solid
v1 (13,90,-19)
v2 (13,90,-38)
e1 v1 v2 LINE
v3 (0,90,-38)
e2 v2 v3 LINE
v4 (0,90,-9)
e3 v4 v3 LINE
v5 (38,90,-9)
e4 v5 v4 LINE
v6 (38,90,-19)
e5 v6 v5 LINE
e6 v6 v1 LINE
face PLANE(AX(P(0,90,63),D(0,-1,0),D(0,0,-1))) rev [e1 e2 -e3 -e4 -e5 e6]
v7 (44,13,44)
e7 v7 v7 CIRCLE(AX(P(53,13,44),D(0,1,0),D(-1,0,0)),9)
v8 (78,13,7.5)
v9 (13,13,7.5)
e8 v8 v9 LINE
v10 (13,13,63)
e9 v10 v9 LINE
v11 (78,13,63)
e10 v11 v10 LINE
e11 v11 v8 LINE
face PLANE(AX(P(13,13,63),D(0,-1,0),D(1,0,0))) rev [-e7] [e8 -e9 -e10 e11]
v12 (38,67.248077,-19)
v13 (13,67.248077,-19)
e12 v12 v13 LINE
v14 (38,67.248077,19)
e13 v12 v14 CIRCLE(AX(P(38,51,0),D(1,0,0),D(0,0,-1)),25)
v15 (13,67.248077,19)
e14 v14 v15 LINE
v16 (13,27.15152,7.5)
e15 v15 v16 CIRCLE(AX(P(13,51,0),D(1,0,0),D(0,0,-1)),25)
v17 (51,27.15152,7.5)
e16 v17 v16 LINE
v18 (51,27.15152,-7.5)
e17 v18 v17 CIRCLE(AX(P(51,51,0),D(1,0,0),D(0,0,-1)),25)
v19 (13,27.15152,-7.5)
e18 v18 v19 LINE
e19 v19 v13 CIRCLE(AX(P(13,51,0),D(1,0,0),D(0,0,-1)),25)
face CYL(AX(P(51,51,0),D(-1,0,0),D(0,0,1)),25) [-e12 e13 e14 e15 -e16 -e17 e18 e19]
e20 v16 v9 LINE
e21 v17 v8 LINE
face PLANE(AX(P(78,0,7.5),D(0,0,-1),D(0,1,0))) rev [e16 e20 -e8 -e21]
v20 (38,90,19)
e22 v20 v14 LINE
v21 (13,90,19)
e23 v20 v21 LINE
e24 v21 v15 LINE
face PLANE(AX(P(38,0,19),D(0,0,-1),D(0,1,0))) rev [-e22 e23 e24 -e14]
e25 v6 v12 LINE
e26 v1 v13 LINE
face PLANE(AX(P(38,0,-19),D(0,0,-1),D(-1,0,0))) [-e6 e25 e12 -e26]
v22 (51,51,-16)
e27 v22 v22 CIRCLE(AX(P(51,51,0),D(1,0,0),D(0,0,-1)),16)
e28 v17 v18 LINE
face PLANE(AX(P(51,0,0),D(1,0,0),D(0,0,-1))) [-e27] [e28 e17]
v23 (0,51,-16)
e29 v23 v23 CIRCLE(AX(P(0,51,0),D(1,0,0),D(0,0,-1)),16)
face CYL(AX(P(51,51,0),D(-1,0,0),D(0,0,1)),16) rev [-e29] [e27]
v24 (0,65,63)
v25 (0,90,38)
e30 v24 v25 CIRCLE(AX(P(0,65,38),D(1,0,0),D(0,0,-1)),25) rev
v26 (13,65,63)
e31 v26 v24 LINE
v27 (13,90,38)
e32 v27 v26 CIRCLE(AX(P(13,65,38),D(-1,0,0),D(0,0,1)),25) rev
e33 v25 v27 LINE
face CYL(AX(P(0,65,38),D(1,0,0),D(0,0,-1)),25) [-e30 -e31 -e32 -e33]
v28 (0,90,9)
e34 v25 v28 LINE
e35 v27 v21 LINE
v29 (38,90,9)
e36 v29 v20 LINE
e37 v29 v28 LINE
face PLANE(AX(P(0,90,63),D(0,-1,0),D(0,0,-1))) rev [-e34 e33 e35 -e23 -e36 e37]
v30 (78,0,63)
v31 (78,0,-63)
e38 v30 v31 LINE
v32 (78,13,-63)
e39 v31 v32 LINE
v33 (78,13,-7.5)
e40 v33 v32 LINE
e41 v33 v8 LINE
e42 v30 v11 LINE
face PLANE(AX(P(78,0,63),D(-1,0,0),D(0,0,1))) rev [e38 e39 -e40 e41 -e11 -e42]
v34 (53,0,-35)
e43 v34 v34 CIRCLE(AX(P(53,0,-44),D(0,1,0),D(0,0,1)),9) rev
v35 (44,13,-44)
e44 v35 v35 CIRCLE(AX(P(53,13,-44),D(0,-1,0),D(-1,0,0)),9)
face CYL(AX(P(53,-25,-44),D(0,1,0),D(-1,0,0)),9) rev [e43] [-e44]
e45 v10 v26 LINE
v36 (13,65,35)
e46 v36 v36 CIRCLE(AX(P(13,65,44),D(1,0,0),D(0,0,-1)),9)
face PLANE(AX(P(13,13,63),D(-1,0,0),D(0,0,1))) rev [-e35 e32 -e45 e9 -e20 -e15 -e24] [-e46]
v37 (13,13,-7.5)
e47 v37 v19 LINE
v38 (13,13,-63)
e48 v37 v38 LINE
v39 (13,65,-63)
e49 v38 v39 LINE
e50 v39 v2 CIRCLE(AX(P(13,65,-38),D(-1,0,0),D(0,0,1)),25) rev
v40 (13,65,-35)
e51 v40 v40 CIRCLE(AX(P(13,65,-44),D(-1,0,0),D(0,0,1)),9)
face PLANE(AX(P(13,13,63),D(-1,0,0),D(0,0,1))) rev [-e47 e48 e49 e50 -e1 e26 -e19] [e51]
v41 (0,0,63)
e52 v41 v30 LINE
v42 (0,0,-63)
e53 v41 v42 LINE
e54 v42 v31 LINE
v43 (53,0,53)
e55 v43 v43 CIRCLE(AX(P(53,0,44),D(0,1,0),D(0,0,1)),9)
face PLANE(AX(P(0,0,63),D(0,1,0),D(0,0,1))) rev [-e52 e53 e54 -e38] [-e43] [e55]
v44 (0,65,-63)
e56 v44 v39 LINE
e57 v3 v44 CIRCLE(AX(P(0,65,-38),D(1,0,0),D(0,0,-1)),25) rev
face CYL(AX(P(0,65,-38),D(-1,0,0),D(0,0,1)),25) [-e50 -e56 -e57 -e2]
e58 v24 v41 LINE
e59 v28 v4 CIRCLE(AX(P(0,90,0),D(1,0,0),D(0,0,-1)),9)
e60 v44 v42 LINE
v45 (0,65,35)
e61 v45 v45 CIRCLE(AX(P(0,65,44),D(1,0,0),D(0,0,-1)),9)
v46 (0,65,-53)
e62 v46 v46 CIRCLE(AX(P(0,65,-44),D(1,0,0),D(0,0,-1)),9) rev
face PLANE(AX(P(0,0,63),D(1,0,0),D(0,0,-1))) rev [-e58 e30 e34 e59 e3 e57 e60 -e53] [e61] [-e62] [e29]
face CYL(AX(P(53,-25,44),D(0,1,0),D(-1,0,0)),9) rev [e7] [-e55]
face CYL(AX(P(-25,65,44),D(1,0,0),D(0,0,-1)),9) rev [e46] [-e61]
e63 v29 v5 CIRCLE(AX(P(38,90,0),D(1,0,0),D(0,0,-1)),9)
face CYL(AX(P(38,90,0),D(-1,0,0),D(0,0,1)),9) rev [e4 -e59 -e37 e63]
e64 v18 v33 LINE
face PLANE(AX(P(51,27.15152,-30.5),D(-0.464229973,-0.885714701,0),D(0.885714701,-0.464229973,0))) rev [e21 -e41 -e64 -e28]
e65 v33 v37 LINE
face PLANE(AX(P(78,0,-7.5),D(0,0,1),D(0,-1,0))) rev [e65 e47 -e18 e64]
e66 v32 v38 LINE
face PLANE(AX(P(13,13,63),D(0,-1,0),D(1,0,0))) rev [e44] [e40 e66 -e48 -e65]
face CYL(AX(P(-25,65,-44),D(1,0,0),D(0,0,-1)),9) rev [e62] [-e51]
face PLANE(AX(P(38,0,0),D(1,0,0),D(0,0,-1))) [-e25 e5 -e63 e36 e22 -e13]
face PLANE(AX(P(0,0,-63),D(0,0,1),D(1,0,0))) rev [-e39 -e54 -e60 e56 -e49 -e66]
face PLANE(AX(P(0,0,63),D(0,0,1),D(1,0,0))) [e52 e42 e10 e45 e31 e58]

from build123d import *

# Parameters (mm, degrees)
BOSS_EXTRUDE1_DEPTH = 63
SKETCH2_R           = 16
BOSS_EXTRUDE2_DEPTH = 38
BOSS_EXTRUDE3_DEPTH = 25
CUT_EXTRUDE1_START  = -38
CUT_EXTRUDE1_DEPTH  = 38
CUT_EXTRUDE2_START  = -38
SKETCH2_5_R         = 16
CUT_EXTRUDE2_DEPTH  = 38
BOSS_EXTRUDE4_DEPTH = 65
SKETCH5_R           = 9
CUT_EXTRUDE4_DEPTH  = 38
SKETCH6_R           = 9
CUT_EXTRUDE5_DEPTH  = 38
FILLET1_R           = 25
CUT_EXTRUDE6_DEPTH  = 38


with BuildPart() as part:
    # Sketch1 → Boss-Extrude1 (new, symmetric)
    with BuildSketch(Plane.XY):
        Polygon((0, 0), (0, 90), (13, 90), (13, 13), (78, 13), (78, 0), align=None)
    extrude(amount=BOSS_EXTRUDE1_DEPTH, both=True)

    # Sketch2 → Boss-Extrude2 (add)
    with BuildSketch(Plane(origin=(13, 0, 0), x_dir=(0, 0, -1), z_dir=(1, 0, 0))):
        with BuildLine():
            ThreePointArc((19, 67.248076809), (0, 76), (-19, 67.248076809))
            ThreePointArc((-19, 67.248076809), (-24.031145784, 44.107683096), (-7.5, 27.151519965))
            Line((-7.5, 27.151519965), (7.5, 27.151519965))
            ThreePointArc((7.5, 27.151519965), (20.155644371, 36.209800542), (25, 51))
            ThreePointArc((25, 51), (23.452078799, 59.660254038), (19, 67.248076809))
        make_face()
        with Locations((0, 51)):
            Circle(SKETCH2_R, mode=Mode.SUBTRACT)
    extrude(amount=BOSS_EXTRUDE2_DEPTH)

    # Sketch2<3> → Boss-Extrude3 (add)
    with BuildSketch(Plane(origin=(13, 0, 0), x_dir=(0, 0, -1), z_dir=(1, 0, 0))):
        with BuildLine():
            Line((-9, 90), (-19, 90))
            Line((-19, 90), (-19, 67.248076809))
            ThreePointArc((-19, 67.248076809), (0, 76), (19, 67.248076809))
            Line((19, 67.248076809), (19, 90))
            Line((19, 90), (9, 90))
            ThreePointArc((9, 90), (0, 81), (-9, 90))
        make_face()
    extrude(amount=BOSS_EXTRUDE3_DEPTH)

    # Sketch2<4> → Cut-Extrude1 (cut)
    with BuildSketch(Plane(origin=(13, 0, 0), x_dir=(0, 0, -1), z_dir=(1, 0, 0)).offset(CUT_EXTRUDE1_START)):
        with BuildLine():
            Line((9, 90), (-9, 90))
            ThreePointArc((-9, 90), (0, 81), (9, 90))
        make_face()
    extrude(amount=CUT_EXTRUDE1_DEPTH, mode=Mode.SUBTRACT)

    # Sketch2<5> → Cut-Extrude2 (cut)
    with BuildSketch(Plane(origin=(13, 0, 0), x_dir=(0, 0, -1), z_dir=(1, 0, 0)).offset(CUT_EXTRUDE2_START)):
        with Locations((0, 51)):
            Circle(SKETCH2_5_R)
    extrude(amount=CUT_EXTRUDE2_DEPTH, mode=Mode.SUBTRACT)

    # Sketch2<6> → Boss-Extrude4 (add)
    with BuildSketch(Plane(origin=(13, 0, 0), x_dir=(0, 0, -1), z_dir=(1, 0, 0))):
        with BuildLine():
            ThreePointArc((7.5, 27.151519965), (0, 26), (-7.5, 27.151519965))
            Line((-7.5, 27.151519965), (-7.5, 13))
            Line((-7.5, 13), (7.5, 13))
            Line((7.5, 13), (7.5, 27.151519965))
        make_face()
        with BuildLine():
            Line((7.5, 27.151519965), (-7.5, 27.151519965))
            ThreePointArc((-7.5, 27.151519965), (0, 26), (7.5, 27.151519965))
        make_face()
    extrude(amount=BOSS_EXTRUDE4_DEPTH)

    # Sketch5 → Cut-Extrude4 (cut)
    with BuildSketch(Plane(origin=(13, 0, 0), x_dir=(0, 0, -1), z_dir=(1, 0, 0))):
        with Locations((-44, 65)):
            Circle(SKETCH5_R)
    cut_extrude4 = extrude(amount=-CUT_EXTRUDE4_DEPTH, mode=Mode.SUBTRACT)

    # Mirror1: Cut-Extrude4 across plane
    add(cut_extrude4.mirror(Plane.XY), mode=Mode.SUBTRACT)

    # Sketch6 → Cut-Extrude5 (cut)
    with BuildSketch(Plane(origin=(0, 13, 0), x_dir=(1, 0, 0), z_dir=(0, 1, 0))):
        with Locations(Location((53, -44, 0), (0, 0, 180))):
            Circle(SKETCH6_R)
    cut_extrude5 = extrude(amount=-CUT_EXTRUDE5_DEPTH, mode=Mode.SUBTRACT)

    # Mirror2: Cut-Extrude5 across plane
    add(cut_extrude5.mirror(Plane.XY), mode=Mode.SUBTRACT)

    # Fillet1
    fillet1_edges = [part.edges().sort_by_distance(p)[0] for p in [
        (6.5, 90, 63),
        (6.5, 90, -63),
    ]]
    fillet(fillet1_edges, radius=FILLET1_R)

    # Sketch7 → Cut-Extrude6 (cut)
    with BuildSketch(Plane.XY.offset(7.5)):
        Polygon((51, 27.151519965), (78, 13), (78, 27.151519965), align=None)
    extrude(amount=-CUT_EXTRUDE6_DEPTH, mode=Mode.SUBTRACT)


solid = part.part
